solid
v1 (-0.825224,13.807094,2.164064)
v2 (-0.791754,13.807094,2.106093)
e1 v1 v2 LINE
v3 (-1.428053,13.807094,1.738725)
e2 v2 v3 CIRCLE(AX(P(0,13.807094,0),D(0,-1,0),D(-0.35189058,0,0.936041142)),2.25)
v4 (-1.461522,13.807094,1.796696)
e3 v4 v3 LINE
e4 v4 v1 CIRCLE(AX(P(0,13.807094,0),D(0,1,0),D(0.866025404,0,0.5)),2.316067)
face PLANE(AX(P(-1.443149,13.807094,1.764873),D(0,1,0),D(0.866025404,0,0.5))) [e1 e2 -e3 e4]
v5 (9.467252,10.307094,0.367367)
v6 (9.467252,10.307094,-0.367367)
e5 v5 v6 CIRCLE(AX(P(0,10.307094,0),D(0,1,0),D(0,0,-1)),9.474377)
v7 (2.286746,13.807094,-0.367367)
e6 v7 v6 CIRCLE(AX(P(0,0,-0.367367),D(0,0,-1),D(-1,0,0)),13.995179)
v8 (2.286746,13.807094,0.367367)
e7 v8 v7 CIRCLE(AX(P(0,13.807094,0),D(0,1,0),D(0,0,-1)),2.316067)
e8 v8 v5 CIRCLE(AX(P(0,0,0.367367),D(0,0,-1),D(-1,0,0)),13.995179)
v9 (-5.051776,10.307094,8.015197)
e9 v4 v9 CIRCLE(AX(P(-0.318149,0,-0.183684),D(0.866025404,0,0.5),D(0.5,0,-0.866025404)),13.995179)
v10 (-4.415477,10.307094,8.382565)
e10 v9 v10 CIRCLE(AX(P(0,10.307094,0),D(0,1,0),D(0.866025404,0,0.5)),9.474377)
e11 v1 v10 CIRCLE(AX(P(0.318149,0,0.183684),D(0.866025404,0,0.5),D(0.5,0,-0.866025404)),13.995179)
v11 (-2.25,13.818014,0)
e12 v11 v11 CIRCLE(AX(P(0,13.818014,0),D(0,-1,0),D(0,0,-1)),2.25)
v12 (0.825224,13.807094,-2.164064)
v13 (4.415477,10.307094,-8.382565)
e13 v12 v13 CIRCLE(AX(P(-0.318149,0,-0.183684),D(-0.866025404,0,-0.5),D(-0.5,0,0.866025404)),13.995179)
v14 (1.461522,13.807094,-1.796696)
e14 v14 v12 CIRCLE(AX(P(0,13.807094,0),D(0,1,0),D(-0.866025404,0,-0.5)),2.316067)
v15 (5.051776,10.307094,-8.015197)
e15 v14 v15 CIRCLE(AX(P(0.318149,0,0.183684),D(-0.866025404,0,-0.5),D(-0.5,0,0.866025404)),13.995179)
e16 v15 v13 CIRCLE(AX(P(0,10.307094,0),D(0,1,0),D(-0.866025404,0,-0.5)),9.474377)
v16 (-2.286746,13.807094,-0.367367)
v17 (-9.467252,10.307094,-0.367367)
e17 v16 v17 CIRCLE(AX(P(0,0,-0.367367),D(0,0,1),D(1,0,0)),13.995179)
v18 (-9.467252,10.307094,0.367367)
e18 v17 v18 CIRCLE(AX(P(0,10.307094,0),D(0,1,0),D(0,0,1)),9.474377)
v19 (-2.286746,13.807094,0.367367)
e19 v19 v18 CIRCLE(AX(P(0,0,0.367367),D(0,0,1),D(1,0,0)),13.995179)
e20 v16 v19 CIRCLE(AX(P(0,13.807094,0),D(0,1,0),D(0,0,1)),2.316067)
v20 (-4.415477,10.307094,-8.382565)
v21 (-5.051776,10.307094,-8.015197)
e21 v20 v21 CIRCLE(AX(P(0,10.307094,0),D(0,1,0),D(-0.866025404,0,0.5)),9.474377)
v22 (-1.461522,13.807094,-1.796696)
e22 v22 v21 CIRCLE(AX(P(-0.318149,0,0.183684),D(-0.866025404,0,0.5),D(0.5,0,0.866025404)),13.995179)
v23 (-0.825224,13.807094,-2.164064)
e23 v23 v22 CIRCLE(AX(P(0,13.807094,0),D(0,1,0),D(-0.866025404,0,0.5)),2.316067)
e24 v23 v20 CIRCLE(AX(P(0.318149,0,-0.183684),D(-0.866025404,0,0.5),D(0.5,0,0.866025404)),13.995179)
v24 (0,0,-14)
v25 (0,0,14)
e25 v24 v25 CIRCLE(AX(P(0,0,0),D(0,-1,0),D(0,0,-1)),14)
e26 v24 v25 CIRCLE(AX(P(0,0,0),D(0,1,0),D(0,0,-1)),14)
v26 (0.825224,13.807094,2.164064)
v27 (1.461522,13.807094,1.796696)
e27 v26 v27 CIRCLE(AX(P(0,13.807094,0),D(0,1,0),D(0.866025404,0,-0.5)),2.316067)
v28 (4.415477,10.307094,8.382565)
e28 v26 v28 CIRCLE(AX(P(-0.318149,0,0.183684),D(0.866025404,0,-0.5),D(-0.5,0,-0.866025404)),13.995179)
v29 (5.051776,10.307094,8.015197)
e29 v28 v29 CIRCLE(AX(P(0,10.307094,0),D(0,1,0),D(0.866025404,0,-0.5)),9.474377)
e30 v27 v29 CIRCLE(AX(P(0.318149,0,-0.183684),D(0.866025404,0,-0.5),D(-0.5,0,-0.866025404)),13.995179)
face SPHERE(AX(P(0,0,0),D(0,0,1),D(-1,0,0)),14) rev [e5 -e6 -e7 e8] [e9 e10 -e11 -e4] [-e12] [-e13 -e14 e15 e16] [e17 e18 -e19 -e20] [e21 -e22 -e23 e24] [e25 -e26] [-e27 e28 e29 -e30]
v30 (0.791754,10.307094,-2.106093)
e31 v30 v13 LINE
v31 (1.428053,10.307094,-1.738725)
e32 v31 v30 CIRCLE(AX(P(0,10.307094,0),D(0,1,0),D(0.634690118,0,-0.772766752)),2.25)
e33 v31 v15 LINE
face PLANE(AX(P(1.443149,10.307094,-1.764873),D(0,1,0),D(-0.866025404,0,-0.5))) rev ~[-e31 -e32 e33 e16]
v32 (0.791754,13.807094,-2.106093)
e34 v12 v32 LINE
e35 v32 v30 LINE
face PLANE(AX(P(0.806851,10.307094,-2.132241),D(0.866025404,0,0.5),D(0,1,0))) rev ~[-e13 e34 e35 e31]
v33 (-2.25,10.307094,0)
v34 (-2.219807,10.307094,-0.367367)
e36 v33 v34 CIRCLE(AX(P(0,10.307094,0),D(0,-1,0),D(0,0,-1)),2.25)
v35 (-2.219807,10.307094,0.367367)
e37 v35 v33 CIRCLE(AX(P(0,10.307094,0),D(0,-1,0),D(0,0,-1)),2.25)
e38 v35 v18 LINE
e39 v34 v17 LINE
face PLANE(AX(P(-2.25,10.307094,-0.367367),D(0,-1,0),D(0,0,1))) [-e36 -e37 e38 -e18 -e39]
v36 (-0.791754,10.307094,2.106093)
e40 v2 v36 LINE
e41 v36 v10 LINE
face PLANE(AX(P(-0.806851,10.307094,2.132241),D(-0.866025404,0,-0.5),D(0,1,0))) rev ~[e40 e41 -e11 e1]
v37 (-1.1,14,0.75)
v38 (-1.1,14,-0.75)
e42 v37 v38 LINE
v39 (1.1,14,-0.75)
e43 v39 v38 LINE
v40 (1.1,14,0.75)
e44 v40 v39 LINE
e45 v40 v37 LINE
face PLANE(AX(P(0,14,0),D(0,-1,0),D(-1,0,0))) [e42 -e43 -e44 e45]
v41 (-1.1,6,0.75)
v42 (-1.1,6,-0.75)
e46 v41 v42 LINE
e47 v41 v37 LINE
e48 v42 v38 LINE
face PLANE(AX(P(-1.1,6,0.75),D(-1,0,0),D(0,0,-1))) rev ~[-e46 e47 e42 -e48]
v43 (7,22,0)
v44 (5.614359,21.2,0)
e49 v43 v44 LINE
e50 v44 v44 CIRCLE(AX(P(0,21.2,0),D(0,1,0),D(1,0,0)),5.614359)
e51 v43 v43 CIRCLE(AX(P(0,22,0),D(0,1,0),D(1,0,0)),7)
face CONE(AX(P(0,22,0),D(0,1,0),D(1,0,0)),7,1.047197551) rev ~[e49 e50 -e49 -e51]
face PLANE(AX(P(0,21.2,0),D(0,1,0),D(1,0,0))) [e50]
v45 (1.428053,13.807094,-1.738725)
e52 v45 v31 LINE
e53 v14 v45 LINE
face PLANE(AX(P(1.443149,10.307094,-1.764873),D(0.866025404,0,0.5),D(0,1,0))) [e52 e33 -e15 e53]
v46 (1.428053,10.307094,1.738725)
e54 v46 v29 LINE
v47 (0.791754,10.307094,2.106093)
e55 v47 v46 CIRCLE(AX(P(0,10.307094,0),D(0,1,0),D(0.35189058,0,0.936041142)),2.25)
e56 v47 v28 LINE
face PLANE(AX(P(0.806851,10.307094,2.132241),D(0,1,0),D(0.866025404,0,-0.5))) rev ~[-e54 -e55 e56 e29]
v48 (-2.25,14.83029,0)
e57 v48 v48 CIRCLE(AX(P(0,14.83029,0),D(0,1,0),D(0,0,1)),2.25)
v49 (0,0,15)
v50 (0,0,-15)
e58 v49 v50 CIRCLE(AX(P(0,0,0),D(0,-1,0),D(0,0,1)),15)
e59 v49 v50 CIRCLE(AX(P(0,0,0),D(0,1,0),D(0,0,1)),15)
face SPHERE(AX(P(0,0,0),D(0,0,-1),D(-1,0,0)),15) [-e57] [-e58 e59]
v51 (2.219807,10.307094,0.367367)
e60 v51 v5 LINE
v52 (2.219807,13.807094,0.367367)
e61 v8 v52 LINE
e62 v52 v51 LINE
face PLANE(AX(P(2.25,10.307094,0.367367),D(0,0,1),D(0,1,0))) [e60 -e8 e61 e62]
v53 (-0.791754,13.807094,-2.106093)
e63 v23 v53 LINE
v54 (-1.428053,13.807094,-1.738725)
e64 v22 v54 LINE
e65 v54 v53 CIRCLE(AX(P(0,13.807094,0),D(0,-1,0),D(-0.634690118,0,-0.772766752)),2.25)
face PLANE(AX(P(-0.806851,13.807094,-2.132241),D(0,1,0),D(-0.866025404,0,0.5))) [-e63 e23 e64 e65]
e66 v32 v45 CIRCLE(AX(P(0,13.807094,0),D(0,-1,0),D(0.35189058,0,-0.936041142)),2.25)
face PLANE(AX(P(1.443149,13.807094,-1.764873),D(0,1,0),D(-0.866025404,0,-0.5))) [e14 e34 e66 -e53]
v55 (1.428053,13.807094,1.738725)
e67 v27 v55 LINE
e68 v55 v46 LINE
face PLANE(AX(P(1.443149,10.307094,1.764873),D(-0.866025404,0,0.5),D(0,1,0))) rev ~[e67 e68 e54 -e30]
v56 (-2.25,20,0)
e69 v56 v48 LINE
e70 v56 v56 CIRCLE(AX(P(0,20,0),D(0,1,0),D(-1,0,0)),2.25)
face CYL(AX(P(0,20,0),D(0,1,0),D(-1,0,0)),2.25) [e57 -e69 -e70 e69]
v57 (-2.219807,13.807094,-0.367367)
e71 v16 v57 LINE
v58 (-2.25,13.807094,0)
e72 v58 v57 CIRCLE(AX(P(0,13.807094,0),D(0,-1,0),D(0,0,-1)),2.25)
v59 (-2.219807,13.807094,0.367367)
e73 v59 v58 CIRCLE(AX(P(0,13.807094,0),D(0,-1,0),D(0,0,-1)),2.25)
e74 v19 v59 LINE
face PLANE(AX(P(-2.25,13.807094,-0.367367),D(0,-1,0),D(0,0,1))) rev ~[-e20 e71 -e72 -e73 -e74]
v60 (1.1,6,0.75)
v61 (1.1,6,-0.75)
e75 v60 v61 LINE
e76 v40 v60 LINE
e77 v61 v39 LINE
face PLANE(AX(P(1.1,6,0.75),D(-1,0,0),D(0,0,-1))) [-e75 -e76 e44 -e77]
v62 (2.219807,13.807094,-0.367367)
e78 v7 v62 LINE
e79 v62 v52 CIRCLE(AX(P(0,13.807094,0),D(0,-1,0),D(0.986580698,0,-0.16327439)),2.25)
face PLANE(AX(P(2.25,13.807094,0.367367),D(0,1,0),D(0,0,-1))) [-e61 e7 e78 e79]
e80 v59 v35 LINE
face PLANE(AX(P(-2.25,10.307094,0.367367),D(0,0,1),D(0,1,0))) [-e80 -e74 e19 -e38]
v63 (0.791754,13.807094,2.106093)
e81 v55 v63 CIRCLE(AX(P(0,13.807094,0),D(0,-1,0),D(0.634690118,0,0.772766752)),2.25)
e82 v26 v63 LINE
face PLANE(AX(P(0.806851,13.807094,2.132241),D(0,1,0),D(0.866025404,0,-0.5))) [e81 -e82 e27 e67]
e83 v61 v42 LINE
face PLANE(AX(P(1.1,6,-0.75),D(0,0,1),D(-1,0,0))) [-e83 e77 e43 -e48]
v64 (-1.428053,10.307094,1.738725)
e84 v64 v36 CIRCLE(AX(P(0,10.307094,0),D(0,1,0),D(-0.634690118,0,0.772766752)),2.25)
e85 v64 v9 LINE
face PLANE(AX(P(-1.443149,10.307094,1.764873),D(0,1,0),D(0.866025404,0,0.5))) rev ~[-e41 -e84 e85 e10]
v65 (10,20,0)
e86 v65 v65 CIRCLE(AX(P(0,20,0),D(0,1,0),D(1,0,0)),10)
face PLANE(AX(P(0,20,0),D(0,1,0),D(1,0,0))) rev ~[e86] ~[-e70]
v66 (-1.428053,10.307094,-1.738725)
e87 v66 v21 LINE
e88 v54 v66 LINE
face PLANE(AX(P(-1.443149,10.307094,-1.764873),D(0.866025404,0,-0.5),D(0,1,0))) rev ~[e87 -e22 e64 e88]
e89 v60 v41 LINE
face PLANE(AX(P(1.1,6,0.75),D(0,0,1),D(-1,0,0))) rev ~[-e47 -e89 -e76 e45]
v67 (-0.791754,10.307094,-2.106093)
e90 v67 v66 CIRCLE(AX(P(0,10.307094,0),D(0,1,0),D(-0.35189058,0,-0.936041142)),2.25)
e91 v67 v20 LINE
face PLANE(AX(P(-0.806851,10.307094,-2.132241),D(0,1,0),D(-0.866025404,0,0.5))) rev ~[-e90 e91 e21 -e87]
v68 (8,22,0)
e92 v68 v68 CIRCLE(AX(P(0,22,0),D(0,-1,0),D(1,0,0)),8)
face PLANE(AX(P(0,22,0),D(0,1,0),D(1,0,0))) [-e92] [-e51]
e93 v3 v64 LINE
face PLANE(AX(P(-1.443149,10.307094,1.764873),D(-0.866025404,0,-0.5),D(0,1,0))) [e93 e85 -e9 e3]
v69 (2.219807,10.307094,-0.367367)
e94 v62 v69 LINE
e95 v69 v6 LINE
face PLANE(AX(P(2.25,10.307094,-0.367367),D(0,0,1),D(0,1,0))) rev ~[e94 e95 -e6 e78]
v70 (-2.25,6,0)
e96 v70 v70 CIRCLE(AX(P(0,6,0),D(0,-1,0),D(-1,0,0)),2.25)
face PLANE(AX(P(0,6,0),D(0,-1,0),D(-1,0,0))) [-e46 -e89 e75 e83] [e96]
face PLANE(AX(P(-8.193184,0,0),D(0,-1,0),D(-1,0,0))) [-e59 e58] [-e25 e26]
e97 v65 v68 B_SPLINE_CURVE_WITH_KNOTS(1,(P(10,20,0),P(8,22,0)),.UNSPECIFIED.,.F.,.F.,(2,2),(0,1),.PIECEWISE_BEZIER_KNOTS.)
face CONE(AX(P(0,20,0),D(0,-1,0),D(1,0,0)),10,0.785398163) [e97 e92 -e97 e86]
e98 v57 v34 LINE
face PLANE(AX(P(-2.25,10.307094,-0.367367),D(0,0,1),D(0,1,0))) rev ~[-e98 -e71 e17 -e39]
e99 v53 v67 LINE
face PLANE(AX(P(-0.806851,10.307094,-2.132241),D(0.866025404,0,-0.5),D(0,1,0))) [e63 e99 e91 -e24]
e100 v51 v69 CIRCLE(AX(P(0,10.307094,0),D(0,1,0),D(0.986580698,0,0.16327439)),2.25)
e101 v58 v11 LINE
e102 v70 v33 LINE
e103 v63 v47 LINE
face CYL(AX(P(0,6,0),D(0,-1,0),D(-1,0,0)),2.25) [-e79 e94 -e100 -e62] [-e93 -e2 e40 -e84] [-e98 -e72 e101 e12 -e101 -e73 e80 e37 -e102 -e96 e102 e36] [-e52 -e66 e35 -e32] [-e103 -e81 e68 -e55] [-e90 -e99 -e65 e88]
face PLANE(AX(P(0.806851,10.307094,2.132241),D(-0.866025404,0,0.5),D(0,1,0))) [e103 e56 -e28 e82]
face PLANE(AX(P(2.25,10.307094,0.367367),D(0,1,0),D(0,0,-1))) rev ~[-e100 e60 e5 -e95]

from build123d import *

# Parameters (mm, degrees)
REVOLVE2_ANGLE                       = 180
BOSS_EXTRUDE4_REACH                  = 31.155
BOSS_EXTRUDE4_END_RADIUS             = 15
SKETCH6_R                            = 2.25
SKETCH7_R                            = 10
BOSS_EXTRUDE6_DEPTH                  = 2
BOSS_EXTRUDE6_TAPER                  = 45
SKETCH8_R                            = 7
CUT_EXTRUDE1_DEPTH                   = 0.8
CUT_EXTRUDE1_DRAFT                   = -60
SKETCH3_W                            = 2.2
SKETCH3_H                            = 1.5
CUT_EXTRUDE4_DEPTH                   = 8
BOSS_EXTRUDE7_REACH                  = 28.571
BOSS_EXTRUDE7_END_RADIUS             = 14
SKETCH10_R                           = 2.25
SKETCH10_W                           = 2.2
SKETCH10_H                           = 1.5
BOSS_EXTRUDE9_REACH                  = 33.726
BOSS_EXTRUDE9_END_RADIUS             = 14
SKETCH12_W                           = 0.734734754
SKETCH12_H                           = 3.5
BOSS_EXTRUDE9_DIRECTION_2_REACH      = 33.726
BOSS_EXTRUDE9_DIRECTION_2_END_RADIUS = 2.25
CIRPATTERN1_COUNT                    = 6


with BuildPart() as part:
    # Sketch1 → Revolve2 (revolve)
    with BuildSketch(Plane(origin=(0, 0, 0), x_dir=(1, 0, 0), z_dir=(0, 1, 0))):
        with BuildLine():
            Line((0, -14), (0, -15))
            ThreePointArc((0, -15), (-15, 0), (0, 15))
            Line((0, 15), (0, 14))
            ThreePointArc((0, 14), (-14, 0), (0, -14))
        make_face()
    revolve(axis=Axis((0, 0, -14), (0, 0, -1)), revolution_arc=REVOLVE2_ANGLE)

    # Boss-Extrude4: up to this sphere (the profile starts outside it)
    boss_extrude4_end = Location((0, 0, 0)) * Sphere(BOSS_EXTRUDE4_END_RADIUS, mode=Mode.PRIVATE)
    # Sketch6 → Boss-Extrude4 (add, up to the surface)
    with BuildSketch(Plane(origin=(0, 20, 0), x_dir=(1, 0, 0), z_dir=(0, 1, 0)), mode=Mode.PRIVATE) as boss_extrude4_sk1:
        with Locations(Location((0, 0, 0), (0, 0, 180))):
            Circle(SKETCH6_R)
    boss_extrude4_tool1 = extrude(boss_extrude4_sk1.sketch, amount=-BOSS_EXTRUDE4_REACH, mode=Mode.PRIVATE) - boss_extrude4_end
    add(boss_extrude4_tool1.solids().sort_by_distance((0, 20, 0))[0])

    # Sketch7 → Boss-Extrude6 (add)
    with BuildSketch(Plane(origin=(0, 20, 0), x_dir=(1, 0, 0), z_dir=(0, 1, 0))):
        Circle(SKETCH7_R)
    extrude(amount=BOSS_EXTRUDE6_DEPTH, taper=BOSS_EXTRUDE6_TAPER)


with BuildPart() as cut_extrude1_tool:
    # Sketch8 → Cut-Extrude1 (with draft: the straight prism first)
    with BuildSketch(Plane(origin=(0, 22, 0), x_dir=(1, 0, 0), z_dir=(0, 1, 0))):
        Circle(SKETCH8_R)
    extrude(amount=-CUT_EXTRUDE1_DEPTH)
    # Cut-Extrude1: the draft: its side faces are tilted about the plane it starts from
    cut_extrude1_sides = [cut_extrude1_tool.faces().sort_by_distance(p)[0] for p in [
        (-7, 21.6, 0),
    ]]
    draft(cut_extrude1_sides, Plane(origin=(0, 22, 0), x_dir=(1, 0, 0), z_dir=(0, 1, 0)), CUT_EXTRUDE1_DRAFT)


with BuildPart() as part_1:
    add(part.part)

    # Cut-Extrude1: cut by cut_extrude1_tool
    add(cut_extrude1_tool.part, mode=Mode.SUBTRACT)

    # Sketch3 → Cut-Extrude4 (cut)
    with BuildSketch(Plane(origin=(0, 6, 0), x_dir=(-1, 0, 0), z_dir=(0, -1, 0))):
        Rectangle(SKETCH3_W, SKETCH3_H)
    extrude(amount=-CUT_EXTRUDE4_DEPTH, mode=Mode.SUBTRACT)

    # Boss-Extrude7: up to this sphere (the profile starts inside it)
    boss_extrude7_end = Location((0, 0, 0)) * Sphere(BOSS_EXTRUDE7_END_RADIUS, mode=Mode.PRIVATE)
    # Sketch10 → Boss-Extrude7 (add, up to the surface)
    with BuildSketch(Plane(origin=(0, 6, 0), x_dir=(-1, 0, 0), z_dir=(0, -1, 0)), mode=Mode.PRIVATE) as boss_extrude7_sk1:
        Circle(SKETCH10_R)
        Rectangle(SKETCH10_W, SKETCH10_H, mode=Mode.SUBTRACT)
    boss_extrude7_tool1 = extrude(boss_extrude7_sk1.sketch, amount=-BOSS_EXTRUDE7_REACH, mode=Mode.PRIVATE) & boss_extrude7_end
    add(boss_extrude7_tool1.solids().sort_by_distance((2.18636, 6, 0))[0])

    # Boss-Extrude9: up to this sphere (the profile starts inside it)
    boss_extrude9_end = Location((0, 0, 0)) * Sphere(BOSS_EXTRUDE9_END_RADIUS, mode=Mode.PRIVATE)
    # Sketch12 → Boss-Extrude9 (add, up to the surface)
    with BuildSketch(Plane.ZY.offset(2.25), mode=Mode.PRIVATE) as boss_extrude9_sk1:
        with Locations((0, 12.057093613)):
            Rectangle(SKETCH12_W, SKETCH12_H)
    boss_extrude9_tool1 = extrude(boss_extrude9_sk1.sketch, amount=BOSS_EXTRUDE9_REACH, mode=Mode.PRIVATE) & boss_extrude9_end
    boss_extrude9 = boss_extrude9_tool1.solids().sort_by_distance((-2.25, 12.057094, 0))[0]
    add(boss_extrude9)

    # Boss-Extrude9 direction 2: up to this cylinder (the profile starts outside it)
    boss_extrude9_direction_2_end = Plane(origin=(0, 12.057094, 0), z_dir=(0, -1, 0)) * Cylinder(BOSS_EXTRUDE9_DIRECTION_2_END_RADIUS, 72.952, mode=Mode.PRIVATE)
    # Sketch12 → Boss-Extrude9 direction 2 (add, up to the surface)
    with BuildSketch(Plane.ZY.offset(2.25), mode=Mode.PRIVATE) as boss_extrude9_direction_2_sk1:
        with Locations((0, 12.057093613)):
            Rectangle(SKETCH12_W, SKETCH12_H)
    boss_extrude9_direction_2_tool1 = extrude(boss_extrude9_direction_2_sk1.sketch, amount=-BOSS_EXTRUDE9_DIRECTION_2_REACH, mode=Mode.PRIVATE) - boss_extrude9_direction_2_end
    boss_extrude9_direction_2 = boss_extrude9_direction_2_tool1.solids().sort_by_distance((-2.25, 12.057094, 0))[0] + boss_extrude9_direction_2_tool1.solids().sort_by_distance((-2.25, 12.057094, 0))[1]
    add(boss_extrude9_direction_2)
    boss_extrude9 = boss_extrude9 + boss_extrude9_direction_2  # both directions under the feature's name, for the pattern or mirror that repeats it

    # CirPattern1: Boss-Extrude9 ×6 about axis
    cirpattern1_axis = Axis((0, 0, 0), (0, 1, 0))
    for i in range(1, CIRPATTERN1_COUNT):
        add(boss_extrude9.rotate(cirpattern1_axis, i * 360 / CIRPATTERN1_COUNT))


solid = part_1.part
